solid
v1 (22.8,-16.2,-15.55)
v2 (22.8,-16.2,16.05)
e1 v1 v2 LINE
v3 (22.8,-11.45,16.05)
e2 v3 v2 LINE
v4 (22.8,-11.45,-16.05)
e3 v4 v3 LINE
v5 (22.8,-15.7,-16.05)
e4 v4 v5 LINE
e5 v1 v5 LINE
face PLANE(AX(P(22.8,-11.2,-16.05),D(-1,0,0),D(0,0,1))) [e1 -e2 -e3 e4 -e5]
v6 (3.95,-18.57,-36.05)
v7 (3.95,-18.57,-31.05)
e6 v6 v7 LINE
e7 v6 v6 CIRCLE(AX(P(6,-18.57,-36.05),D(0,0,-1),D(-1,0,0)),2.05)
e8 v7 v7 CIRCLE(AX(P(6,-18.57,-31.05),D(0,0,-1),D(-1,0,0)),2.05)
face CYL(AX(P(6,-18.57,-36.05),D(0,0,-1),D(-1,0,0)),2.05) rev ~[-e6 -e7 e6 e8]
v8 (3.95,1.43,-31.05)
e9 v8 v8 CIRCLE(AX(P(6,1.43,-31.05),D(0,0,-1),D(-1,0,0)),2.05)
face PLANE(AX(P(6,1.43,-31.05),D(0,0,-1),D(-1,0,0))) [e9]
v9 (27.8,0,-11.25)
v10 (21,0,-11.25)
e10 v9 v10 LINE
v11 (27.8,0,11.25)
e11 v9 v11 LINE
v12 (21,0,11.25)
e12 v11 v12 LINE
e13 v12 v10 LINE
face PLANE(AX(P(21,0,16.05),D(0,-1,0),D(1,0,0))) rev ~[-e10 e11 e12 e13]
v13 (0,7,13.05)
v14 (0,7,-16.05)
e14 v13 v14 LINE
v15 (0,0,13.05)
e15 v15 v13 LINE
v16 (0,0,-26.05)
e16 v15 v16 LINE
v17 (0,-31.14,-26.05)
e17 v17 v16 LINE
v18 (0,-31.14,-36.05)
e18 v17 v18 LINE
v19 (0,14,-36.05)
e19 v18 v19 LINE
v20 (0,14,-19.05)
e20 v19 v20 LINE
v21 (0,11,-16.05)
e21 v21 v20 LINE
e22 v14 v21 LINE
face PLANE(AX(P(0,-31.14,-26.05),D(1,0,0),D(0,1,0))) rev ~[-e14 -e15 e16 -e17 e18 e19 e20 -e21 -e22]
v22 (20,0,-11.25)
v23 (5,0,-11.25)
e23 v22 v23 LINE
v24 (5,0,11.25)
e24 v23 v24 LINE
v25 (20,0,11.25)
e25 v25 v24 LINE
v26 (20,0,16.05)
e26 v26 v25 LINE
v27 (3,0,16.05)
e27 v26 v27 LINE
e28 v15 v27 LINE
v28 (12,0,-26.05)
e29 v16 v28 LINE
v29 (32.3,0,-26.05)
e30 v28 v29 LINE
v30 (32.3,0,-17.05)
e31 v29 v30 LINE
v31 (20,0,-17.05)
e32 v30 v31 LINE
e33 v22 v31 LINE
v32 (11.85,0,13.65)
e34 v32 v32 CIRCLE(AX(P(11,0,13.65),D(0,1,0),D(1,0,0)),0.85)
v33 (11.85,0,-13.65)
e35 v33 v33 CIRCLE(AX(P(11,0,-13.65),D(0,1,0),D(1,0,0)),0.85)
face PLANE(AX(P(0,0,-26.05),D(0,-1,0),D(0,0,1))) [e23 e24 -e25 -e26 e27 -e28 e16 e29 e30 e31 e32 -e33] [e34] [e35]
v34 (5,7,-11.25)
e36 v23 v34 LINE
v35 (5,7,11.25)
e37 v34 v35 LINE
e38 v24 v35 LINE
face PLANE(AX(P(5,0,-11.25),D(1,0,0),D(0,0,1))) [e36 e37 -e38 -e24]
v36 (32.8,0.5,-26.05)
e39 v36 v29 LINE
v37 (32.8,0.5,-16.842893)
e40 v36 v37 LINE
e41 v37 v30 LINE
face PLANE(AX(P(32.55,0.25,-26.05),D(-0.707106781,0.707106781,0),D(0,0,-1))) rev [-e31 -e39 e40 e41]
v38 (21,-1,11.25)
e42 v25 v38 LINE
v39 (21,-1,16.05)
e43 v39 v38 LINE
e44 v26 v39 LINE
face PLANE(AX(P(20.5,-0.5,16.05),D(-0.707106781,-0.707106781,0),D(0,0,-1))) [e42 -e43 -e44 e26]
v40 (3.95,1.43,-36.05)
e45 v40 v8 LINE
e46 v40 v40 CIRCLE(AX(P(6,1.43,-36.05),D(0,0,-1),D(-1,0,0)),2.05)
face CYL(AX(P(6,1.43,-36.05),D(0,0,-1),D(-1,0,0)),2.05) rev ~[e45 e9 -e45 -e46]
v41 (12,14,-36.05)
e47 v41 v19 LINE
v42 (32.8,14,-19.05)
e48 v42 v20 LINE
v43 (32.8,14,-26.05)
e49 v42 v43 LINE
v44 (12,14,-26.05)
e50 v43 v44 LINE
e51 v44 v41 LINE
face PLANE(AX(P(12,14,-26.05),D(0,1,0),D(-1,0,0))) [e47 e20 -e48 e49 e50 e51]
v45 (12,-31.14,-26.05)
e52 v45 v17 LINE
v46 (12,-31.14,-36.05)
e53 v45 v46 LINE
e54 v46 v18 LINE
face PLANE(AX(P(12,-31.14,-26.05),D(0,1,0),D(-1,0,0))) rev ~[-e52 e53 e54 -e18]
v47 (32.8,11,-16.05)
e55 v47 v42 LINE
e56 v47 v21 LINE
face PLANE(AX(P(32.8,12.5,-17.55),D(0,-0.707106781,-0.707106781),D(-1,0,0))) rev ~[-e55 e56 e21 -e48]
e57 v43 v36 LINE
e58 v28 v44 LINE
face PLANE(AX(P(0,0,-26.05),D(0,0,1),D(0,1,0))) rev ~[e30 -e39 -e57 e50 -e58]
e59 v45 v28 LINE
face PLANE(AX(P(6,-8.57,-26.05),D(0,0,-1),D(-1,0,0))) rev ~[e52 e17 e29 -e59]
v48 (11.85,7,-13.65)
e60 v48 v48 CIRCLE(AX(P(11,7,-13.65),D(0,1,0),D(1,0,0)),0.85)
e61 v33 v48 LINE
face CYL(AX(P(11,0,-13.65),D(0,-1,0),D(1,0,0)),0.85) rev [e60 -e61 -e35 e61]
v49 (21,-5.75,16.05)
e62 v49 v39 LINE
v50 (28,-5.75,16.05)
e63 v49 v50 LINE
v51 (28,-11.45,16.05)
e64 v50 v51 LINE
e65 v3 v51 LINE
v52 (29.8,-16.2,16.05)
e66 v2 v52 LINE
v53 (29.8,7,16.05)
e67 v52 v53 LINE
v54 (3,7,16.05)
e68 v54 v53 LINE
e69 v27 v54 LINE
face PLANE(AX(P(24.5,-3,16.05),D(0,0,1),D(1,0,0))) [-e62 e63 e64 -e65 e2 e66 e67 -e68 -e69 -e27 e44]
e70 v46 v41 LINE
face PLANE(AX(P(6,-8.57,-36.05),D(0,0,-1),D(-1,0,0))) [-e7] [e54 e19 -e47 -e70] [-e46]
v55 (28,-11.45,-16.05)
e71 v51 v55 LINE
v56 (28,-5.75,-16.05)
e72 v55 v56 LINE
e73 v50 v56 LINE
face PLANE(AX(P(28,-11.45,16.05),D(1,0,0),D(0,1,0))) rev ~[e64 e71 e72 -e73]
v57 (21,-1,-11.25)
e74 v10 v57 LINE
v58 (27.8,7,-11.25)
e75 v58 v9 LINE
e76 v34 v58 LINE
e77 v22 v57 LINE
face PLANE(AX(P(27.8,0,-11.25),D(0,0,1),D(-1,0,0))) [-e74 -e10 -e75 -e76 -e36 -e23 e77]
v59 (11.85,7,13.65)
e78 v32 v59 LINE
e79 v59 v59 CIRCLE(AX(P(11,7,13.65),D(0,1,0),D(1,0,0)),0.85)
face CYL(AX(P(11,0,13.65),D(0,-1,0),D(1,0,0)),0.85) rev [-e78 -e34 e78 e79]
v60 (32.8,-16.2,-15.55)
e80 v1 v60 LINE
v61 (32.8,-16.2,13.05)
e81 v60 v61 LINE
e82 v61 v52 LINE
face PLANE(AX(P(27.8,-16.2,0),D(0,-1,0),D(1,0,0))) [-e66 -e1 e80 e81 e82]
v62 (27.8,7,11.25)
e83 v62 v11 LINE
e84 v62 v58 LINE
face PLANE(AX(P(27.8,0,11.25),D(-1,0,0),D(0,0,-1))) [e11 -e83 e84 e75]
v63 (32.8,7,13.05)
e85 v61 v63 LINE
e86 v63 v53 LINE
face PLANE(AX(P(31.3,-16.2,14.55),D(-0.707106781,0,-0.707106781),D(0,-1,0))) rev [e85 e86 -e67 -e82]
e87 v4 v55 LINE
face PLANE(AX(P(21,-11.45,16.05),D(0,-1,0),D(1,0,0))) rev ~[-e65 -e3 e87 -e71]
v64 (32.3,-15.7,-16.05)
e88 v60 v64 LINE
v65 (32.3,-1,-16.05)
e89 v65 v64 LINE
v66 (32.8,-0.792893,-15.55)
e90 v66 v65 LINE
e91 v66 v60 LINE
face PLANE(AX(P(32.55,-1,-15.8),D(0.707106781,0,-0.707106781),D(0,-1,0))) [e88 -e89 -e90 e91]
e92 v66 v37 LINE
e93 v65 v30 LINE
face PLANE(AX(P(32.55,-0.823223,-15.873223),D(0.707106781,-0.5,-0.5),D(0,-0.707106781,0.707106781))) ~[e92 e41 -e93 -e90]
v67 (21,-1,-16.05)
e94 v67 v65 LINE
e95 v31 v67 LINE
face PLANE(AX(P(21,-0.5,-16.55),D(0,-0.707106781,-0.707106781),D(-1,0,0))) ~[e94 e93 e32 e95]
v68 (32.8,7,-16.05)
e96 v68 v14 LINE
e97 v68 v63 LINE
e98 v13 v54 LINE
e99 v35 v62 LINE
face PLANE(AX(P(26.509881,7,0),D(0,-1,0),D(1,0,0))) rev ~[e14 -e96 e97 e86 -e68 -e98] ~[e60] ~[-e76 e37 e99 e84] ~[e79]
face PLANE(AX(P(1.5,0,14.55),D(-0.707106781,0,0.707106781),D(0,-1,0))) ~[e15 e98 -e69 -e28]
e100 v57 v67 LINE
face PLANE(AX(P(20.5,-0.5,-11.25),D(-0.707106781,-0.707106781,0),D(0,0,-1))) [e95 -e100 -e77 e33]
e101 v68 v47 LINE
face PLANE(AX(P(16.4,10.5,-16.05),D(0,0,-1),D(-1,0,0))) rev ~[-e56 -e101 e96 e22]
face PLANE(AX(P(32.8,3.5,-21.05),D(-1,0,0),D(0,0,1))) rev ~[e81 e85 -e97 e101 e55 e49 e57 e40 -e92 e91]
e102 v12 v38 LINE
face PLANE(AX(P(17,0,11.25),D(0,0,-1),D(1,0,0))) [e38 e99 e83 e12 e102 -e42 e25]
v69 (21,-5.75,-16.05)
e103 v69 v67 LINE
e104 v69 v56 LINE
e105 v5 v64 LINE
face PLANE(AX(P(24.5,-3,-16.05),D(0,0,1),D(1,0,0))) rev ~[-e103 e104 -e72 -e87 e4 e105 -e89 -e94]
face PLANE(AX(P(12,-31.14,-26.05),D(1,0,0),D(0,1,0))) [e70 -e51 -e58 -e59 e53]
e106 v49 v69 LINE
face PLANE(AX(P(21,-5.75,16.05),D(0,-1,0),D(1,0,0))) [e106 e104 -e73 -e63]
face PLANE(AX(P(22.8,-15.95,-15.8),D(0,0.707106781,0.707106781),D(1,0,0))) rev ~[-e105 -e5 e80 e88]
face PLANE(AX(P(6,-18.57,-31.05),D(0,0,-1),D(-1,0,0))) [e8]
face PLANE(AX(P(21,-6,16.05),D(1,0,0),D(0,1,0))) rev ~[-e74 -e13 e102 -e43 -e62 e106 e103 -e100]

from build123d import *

# Parameters (mm, degrees)
SKETCH1_R                = 0.85
BOSS_EXTRUDE1_DEPTH      = 7
BOSS_EXTRUDE2_DEPTH      = 11.2
BOSS_EXTRUDE2_DEPTH_BACK = 7
SKETCH3_W                = 11
SKETCH3_H                = 11.2
CUT_EXTRUDE1_DEPTH       = 42
SKETCH4_W                = 10
SKETCH4_H                = 32.1
BOSS_EXTRUDE3_DEPTH      = 5
SKETCH5_W                = 7
SKETCH5_H                = 6
BOSS_EXTRUDE4_DEPTH      = 32.1
SKETCH6_W                = 32.8
SKETCH6_H                = 7
BOSS_EXTRUDE5_DEPTH      = 10
SKETCH8_W                = 10
SKETCH8_H                = 7
BOSS_EXTRUDE7_DEPTH      = 32.8
CHAMFER2_SIZE            = 1
CHAMFER3_SIZE            = 3
CHAMFER4_SIZE            = 3
CHAMFER8_SIZE            = 0.5
CHAMFER9_SIZE            = 1
SKETCH13_W               = 12
SKETCH13_H               = 45.14
BOSS_EXTRUDE10_DEPTH     = 10
SKETCH14_R               = 2.05
CUT_EXTRUDE2_DEPTH       = 5
SKETCH15_W               = 7
SKETCH15_H               = 0.25
CUT_EXTRUDE3_DEPTH       = 39


with BuildPart() as part:
    # Sketch1 → Boss-Extrude1 (new body)
    with BuildSketch(Plane(origin=(0, 0, 0), x_dir=(1, 0, 0), z_dir=(0, 1, 0))):
        Polygon((0, -16.05), (0, 16.05), (17, 16.05), (17, 11.25), (5, 11.25), (5, -11.25), (17, -11.25), (17, -16.05), align=None)
        with Locations((11, 13.65)):
            Circle(SKETCH1_R, mode=Mode.SUBTRACT)
        with Locations((11, -13.65)):
            Circle(SKETCH1_R, mode=Mode.SUBTRACT)
    extrude(amount=BOSS_EXTRUDE1_DEPTH)

    # Sketch2 → Boss-Extrude2 (add, two sides)
    with BuildSketch(Plane.XZ) as boss_extrude2_sk:
        Polygon((17, 11.25), (27.8, 11.25), (27.8, -11.25), (17, -11.25), (17, -16.05), (32.8, -16.05), (32.8, 16.05), (17, 16.05), align=None)
    extrude(amount=BOSS_EXTRUDE2_DEPTH)
    extrude(boss_extrude2_sk.sketch, amount=-BOSS_EXTRUDE2_DEPTH_BACK)

    # Sketch3 → Cut-Extrude1 (cut)
    with BuildSketch(Plane.XY.offset(16.05)):
        with Locations((22.5, -5.6)):
            Rectangle(SKETCH3_W, SKETCH3_H)
    extrude(amount=-CUT_EXTRUDE1_DEPTH, mode=Mode.SUBTRACT)

    # Sketch4 → Boss-Extrude3 (add)
    with BuildSketch(Plane.XZ.offset(11.2)):
        with Locations((27.8, 0)):
            Rectangle(SKETCH4_W, SKETCH4_H)
    extrude(amount=BOSS_EXTRUDE3_DEPTH)

    # Sketch5 → Boss-Extrude4 (add)
    with BuildSketch(Plane.XY.offset(16.05)):
        with Locations((24.5, -3)):
            Rectangle(SKETCH5_W, SKETCH5_H)
    extrude(amount=-BOSS_EXTRUDE4_DEPTH)



with BuildPart() as body_2:
    # Sketch6 → Boss-Extrude5 (new body)
    with BuildSketch(Plane(origin=(0, 0, -16.05), x_dir=(-1, 0, 0), z_dir=(0, 0, -1))):
        with Locations((-16.4, 10.5)):
            Rectangle(SKETCH6_W, SKETCH6_H)
    extrude(amount=BOSS_EXTRUDE5_DEPTH)


with BuildPart() as part_1:
    add(part.part)

    add(body_2.part)  # Boss-Extrude7 merges body 2
    # Sketch8 → Boss-Extrude7 (add)
    with BuildSketch(Plane.ZY):
        with Locations((-21.05, 3.5)):
            Rectangle(SKETCH8_W, SKETCH8_H)
    extrude(amount=-BOSS_EXTRUDE7_DEPTH)

    # Chamfer2
    chamfer2_edges = [part_1.edges().sort_by_distance(p)[0] for p in [
        (26.9, 0, -16.05),
    ]]
    chamfer(chamfer2_edges, length=CHAMFER2_SIZE)

    # Chamfer3
    chamfer3_edges = [part_1.edges().sort_by_distance(p)[0] for p in [
        (0, 3.5, 16.05),
        (32.8, -4.6, 16.05),
    ]]
    chamfer(chamfer3_edges, length=CHAMFER3_SIZE)

    # Chamfer4
    chamfer4_edges = [part_1.edges().sort_by_distance(p)[0] for p in [
        (16.4, 14, -16.05),
    ]]
    chamfer(chamfer4_edges, length=CHAMFER4_SIZE)

    # Chamfer8
    chamfer8_edges = [part_1.edges().sort_by_distance(p)[0] for p in [
        (32.8, 0, -21.55),
        (32.8, -8.6, -16.05),
        (32.8, -0.5, -16.55),
        (27.8, -16.2, -16.05),
    ]]
    chamfer(chamfer8_edges, length=CHAMFER8_SIZE)

    # Chamfer9
    chamfer9_edges = [part_1.edges().sort_by_distance(p)[0] for p in [
        (21, 0, -13.65),
        (21, 0, 13.65),
    ]]
    chamfer(chamfer9_edges, length=CHAMFER9_SIZE)

    # Sketch13 → Boss-Extrude10 (add)
    with BuildSketch(Plane(origin=(0, 0, -26.05), x_dir=(-1, 0, 0), z_dir=(0, 0, -1))):
        with Locations((-6, -8.57)):
            Rectangle(SKETCH13_W, SKETCH13_H)
    extrude(amount=BOSS_EXTRUDE10_DEPTH)

    # Sketch14 → Cut-Extrude2 (cut)
    with BuildSketch(Plane(origin=(0, 0, -36.05), x_dir=(-1, 0, 0), z_dir=(0, 0, -1))):
        with Locations((-6, 1.43)):
            Circle(SKETCH14_R)
        with Locations((-6, -18.57)):
            Circle(SKETCH14_R)
    extrude(amount=-CUT_EXTRUDE2_DEPTH, mode=Mode.SUBTRACT)

    # Sketch15 → Cut-Extrude3 (cut)
    with BuildSketch(Plane.XY.offset(16.05)):
        with Locations((24.5, -11.325)):
            Rectangle(SKETCH15_W, SKETCH15_H)
        with Locations((24.5, -5.875)):
            Rectangle(SKETCH15_W, SKETCH15_H)
    extrude(amount=-CUT_EXTRUDE3_DEPTH, mode=Mode.SUBTRACT)


solid = part_1.part
